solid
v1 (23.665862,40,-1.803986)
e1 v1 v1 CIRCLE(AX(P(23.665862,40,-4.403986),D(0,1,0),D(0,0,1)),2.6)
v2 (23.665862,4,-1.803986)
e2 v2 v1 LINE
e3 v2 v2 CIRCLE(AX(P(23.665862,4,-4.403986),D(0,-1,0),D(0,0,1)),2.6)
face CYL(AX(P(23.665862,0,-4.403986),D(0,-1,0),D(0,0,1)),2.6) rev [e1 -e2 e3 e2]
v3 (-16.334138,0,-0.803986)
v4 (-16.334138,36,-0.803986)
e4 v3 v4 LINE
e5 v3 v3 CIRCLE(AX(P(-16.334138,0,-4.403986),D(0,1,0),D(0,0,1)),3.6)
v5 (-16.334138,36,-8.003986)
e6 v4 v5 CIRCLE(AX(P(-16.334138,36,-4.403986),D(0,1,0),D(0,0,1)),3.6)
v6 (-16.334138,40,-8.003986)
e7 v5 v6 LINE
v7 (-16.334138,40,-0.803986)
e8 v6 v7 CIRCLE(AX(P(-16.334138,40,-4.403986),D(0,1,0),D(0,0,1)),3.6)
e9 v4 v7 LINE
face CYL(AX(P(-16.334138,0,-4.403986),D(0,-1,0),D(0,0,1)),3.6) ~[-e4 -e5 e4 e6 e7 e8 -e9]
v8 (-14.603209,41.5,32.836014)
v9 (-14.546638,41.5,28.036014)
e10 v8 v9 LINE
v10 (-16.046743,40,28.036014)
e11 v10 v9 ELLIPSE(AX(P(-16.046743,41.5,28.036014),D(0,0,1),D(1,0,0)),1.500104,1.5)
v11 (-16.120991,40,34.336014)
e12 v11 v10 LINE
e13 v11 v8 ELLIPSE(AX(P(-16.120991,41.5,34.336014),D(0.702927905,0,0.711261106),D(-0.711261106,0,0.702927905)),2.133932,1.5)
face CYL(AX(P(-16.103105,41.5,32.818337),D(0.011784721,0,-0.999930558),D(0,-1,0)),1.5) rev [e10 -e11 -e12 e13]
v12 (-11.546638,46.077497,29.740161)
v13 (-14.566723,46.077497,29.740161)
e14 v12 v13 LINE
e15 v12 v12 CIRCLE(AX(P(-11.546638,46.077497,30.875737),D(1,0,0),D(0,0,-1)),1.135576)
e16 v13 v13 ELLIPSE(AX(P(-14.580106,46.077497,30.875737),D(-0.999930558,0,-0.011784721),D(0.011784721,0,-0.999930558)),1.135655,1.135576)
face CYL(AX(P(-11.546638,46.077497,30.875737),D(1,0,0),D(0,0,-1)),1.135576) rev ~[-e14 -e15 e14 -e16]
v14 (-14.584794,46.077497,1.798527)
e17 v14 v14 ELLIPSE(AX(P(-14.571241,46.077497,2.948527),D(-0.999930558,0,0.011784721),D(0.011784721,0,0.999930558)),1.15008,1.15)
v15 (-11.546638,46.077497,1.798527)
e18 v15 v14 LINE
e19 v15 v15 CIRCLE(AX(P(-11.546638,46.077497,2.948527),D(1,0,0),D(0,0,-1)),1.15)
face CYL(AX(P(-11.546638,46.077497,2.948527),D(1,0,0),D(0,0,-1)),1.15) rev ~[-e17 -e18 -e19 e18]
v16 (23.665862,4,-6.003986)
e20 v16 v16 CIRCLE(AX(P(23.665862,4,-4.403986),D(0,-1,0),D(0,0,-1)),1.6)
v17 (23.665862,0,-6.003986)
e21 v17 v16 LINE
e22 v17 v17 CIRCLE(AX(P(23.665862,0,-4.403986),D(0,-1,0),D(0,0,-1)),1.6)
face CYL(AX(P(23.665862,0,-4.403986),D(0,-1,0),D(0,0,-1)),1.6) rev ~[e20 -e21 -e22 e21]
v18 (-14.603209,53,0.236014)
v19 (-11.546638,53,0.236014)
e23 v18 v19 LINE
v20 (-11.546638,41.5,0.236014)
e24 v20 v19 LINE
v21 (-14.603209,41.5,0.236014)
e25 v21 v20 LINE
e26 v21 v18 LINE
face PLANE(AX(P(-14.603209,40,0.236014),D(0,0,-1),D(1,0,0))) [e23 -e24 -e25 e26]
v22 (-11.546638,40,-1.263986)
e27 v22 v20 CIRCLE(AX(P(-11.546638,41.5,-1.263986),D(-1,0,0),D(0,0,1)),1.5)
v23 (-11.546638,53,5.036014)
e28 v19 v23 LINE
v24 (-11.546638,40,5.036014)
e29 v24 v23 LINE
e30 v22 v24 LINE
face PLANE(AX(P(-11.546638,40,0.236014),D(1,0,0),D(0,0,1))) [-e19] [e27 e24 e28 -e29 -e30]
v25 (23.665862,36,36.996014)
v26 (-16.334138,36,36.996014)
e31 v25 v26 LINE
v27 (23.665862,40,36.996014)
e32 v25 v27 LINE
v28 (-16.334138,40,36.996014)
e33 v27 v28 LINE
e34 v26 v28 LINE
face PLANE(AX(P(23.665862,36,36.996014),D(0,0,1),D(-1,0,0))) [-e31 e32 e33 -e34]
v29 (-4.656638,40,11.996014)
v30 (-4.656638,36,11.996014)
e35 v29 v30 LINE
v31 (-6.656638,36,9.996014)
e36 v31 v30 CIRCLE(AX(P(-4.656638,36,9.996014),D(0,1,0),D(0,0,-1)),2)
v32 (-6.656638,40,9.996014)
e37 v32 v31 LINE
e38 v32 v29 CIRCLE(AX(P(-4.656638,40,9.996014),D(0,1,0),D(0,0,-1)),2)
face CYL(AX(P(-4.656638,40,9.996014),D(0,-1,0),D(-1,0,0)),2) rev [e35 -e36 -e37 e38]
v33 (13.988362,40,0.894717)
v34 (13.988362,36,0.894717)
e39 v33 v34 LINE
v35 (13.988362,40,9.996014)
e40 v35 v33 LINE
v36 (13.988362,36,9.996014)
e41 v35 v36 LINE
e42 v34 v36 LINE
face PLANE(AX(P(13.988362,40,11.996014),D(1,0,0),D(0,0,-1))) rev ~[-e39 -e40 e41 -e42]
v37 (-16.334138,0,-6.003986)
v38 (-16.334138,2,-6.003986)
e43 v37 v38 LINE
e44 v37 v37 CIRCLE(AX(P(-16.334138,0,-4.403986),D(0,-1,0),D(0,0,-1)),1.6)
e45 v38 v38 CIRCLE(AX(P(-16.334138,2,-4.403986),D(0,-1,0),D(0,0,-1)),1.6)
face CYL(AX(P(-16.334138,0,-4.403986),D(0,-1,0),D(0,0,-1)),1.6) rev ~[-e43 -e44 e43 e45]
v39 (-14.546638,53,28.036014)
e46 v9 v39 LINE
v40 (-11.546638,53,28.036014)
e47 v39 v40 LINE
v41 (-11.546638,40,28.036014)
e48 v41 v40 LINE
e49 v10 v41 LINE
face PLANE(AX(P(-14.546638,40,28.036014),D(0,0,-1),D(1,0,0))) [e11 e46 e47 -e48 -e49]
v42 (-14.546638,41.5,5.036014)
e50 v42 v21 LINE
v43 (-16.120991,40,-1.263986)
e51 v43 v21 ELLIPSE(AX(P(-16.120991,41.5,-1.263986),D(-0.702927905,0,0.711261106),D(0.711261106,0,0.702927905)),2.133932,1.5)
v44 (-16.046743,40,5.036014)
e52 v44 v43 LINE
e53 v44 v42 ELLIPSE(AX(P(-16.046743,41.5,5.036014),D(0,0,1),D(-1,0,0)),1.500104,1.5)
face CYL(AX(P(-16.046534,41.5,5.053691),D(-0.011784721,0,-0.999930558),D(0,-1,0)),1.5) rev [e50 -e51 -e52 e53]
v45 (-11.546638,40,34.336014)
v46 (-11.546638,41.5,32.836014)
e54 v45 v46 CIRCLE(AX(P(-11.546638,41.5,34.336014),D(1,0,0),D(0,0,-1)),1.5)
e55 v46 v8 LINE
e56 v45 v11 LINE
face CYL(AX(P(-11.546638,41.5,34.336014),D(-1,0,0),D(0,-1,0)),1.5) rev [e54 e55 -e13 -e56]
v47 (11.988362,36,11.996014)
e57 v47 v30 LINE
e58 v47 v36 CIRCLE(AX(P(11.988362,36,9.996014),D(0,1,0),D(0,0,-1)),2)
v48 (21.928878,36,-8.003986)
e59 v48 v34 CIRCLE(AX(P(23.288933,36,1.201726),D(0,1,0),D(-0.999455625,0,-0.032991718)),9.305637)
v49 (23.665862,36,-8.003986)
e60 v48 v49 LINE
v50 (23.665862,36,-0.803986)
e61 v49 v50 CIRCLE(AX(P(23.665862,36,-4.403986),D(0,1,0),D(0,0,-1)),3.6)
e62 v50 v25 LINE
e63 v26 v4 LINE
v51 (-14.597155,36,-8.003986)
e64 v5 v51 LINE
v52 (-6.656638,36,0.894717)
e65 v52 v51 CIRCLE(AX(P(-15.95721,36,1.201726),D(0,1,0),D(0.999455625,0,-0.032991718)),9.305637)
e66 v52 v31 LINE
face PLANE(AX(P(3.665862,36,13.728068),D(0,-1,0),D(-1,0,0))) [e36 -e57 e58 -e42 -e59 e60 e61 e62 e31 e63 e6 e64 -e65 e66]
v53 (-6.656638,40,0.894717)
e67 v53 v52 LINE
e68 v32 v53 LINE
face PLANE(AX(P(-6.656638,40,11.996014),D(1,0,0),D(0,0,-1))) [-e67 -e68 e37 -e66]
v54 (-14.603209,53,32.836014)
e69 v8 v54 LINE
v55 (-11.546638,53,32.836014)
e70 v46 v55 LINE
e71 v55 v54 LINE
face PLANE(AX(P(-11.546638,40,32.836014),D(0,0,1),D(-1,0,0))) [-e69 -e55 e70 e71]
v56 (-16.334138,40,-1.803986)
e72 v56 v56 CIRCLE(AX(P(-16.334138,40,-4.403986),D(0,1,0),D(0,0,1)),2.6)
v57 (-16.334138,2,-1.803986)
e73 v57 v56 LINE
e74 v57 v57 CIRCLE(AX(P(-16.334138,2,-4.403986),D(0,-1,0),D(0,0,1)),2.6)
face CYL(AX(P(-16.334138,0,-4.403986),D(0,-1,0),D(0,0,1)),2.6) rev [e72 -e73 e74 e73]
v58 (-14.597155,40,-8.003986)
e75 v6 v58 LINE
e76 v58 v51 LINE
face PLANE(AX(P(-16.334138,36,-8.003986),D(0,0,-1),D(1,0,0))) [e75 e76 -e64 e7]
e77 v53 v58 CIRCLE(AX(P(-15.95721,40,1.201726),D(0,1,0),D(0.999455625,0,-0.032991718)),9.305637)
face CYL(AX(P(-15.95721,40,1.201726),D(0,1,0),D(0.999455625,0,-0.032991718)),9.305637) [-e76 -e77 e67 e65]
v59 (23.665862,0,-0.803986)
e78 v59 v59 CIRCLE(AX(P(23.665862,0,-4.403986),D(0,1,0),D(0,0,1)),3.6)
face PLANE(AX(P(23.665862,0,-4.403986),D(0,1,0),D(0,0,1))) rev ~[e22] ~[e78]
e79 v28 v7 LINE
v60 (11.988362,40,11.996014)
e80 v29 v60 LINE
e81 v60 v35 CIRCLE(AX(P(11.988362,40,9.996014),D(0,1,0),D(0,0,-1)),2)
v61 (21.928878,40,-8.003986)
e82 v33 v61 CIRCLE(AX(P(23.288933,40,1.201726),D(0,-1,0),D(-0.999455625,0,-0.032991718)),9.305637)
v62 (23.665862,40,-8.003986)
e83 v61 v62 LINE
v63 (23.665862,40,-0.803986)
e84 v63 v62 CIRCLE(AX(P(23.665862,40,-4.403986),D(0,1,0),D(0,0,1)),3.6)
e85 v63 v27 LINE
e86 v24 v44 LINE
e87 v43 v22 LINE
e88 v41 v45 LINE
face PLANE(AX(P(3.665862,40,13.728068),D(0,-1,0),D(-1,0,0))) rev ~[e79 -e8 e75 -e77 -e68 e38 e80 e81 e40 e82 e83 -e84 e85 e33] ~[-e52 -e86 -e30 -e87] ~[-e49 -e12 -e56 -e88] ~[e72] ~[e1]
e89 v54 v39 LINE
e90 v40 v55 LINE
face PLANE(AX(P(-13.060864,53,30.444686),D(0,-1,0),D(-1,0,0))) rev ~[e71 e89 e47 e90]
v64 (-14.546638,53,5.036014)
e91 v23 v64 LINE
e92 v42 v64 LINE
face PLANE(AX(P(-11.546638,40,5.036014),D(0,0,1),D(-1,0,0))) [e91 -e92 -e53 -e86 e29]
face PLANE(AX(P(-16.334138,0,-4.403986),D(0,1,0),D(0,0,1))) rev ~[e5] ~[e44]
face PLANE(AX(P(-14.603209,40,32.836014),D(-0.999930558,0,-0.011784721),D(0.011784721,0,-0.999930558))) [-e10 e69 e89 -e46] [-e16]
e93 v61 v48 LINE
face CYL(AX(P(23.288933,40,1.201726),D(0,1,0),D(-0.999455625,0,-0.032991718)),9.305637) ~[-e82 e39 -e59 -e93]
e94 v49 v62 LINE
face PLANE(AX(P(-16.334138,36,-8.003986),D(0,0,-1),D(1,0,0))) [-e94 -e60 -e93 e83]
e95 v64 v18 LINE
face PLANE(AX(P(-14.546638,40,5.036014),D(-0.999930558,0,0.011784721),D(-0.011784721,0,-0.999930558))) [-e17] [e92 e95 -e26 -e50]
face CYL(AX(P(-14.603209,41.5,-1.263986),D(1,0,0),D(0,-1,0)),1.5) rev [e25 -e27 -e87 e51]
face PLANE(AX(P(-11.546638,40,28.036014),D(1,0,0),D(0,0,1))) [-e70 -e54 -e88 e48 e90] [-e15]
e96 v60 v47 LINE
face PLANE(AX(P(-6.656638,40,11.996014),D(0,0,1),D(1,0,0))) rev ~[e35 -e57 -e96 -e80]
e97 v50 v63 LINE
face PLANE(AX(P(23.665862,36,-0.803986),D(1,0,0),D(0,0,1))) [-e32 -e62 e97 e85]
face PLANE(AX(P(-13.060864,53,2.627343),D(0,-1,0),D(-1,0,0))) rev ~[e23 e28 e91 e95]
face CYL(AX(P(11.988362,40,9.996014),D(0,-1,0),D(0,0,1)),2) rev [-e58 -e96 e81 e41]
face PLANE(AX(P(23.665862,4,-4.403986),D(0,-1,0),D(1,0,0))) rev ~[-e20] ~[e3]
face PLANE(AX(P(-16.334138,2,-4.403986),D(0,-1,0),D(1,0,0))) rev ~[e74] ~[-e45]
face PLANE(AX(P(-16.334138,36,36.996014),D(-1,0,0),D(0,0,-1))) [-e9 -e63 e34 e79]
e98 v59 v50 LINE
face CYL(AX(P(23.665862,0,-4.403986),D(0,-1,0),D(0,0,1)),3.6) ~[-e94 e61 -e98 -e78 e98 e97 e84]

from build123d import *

# Parameters (mm, degrees)
SKETCH1_R             = 3.6
SKETCH1_R_2           = 2.6
BOSS_EXTRUDE1_DEPTH   = 40
BOSS_EXTRUDE1_2_DEPTH = 40
BOSS_EXTRUDE2_START   = -4
BOSS_EXTRUDE2_DEPTH   = 4
SKETCH4_W             = 20.645
SKETCH4_H             = 20
CUT_EXTRUDE2_DEPTH    = 10
BOSS_EXTRUDE3_DEPTH   = 13
FILLET3_R             = 1.5
SKETCH6_R             = 1.135575656
SKETCH6_R_2           = 1.15
CUT_EXTRUDE3_DEPTH    = 13
FILLET4_R             = 2
SKETCH9_R             = 2.851630117
SKETCH9_R_2           = 1.6
BOSS_EXTRUDE4_DEPTH   = 2
SKETCH10_R            = 2.895791365
SKETCH10_R_2          = 1.6
BOSS_EXTRUDE5_DEPTH   = 4
CUT_EXTRUDE4_DEPTH    = 10


with BuildPart() as part:
    # Sketch1 → Boss-Extrude1 (new body)
    with BuildSketch(Plane(origin=(0, 0, 0), x_dir=(1, 0, 0), z_dir=(0, 1, 0))):
        with Locations(Location((-16.334138417, 4.403985818, 0), (0, 0, 270))):
            Circle(SKETCH1_R)
        with Locations(Location((-16.334138417, 4.403985818, 0), (0, 0, 270))):
            Circle(SKETCH1_R_2, mode=Mode.SUBTRACT)
    extrude(amount=BOSS_EXTRUDE1_DEPTH)



with BuildPart() as body_2:
    # Sketch1 → Boss-Extrude1 2 (new body)
    with BuildSketch(Plane(origin=(0, 0, 0), x_dir=(1, 0, 0), z_dir=(0, 1, 0))):
        with Locations(Location((23.665861583, 4.403985818, 0), (0, 0, 270))):
            Circle(SKETCH1_R)
        with Locations(Location((23.665861583, 4.403985818, 0), (0, 0, 270))):
            Circle(SKETCH1_R_2, mode=Mode.SUBTRACT)
    extrude(amount=BOSS_EXTRUDE1_2_DEPTH)


with BuildPart() as part_1:
    add(part.part)

    add(body_2.part)  # Boss-Extrude2 merges body 2
    # Sketch2 → Boss-Extrude2 (add)
    with BuildSketch(Plane(origin=(0, 40, 0), x_dir=(1, 0, 0), z_dir=(0, 1, 0)).offset(BOSS_EXTRUDE2_START)):
        with BuildLine():
            Line((-16.334138417, 8.003985818), (23.665861583, 8.003985818))
            ThreePointArc((23.665861583, 8.003985818), (20.065861583, 4.403985818), (23.665861583, 0.803985818))
            Line((23.665861583, 0.803985818), (23.665861583, -36.996014182))
            Line((23.665861583, -36.996014182), (-16.334138417, -36.996014182))
            Line((-16.334138417, -36.996014182), (-16.334138417, 0.803985818))
            ThreePointArc((-16.334138417, 0.803985818), (-12.734138417, 4.403985818), (-16.334138417, 8.003985818))
        make_face()
    extrude(amount=BOSS_EXTRUDE2_DEPTH)

    # Sketch4 → Cut-Extrude2 (cut)
    with BuildSketch(Plane(origin=(0, 40, 0), x_dir=(1, 0, 0), z_dir=(0, 1, 0))):
        with Locations((3.665861583, -1.996014182)):
            Rectangle(SKETCH4_W, SKETCH4_H)
    extrude(amount=-CUT_EXTRUDE2_DEPTH, mode=Mode.SUBTRACT)

    # Sketch5 → Boss-Extrude3 (add)
    with BuildSketch(Plane(origin=(0, 40, 0), x_dir=(1, 0, 0), z_dir=(0, 1, 0))):
        Polygon((-11.546638417, -5.036014182), (-14.546638417, -5.036014182), (-14.603209007, -0.236014182), (-11.546638417, -0.236014182), align=None)
        Polygon((-14.546638417, -28.036014182), (-11.546638417, -28.036014182), (-11.546638417, -32.836014182), (-14.603209007, -32.836014182), align=None)
    extrude(amount=BOSS_EXTRUDE3_DEPTH)

    # Fillet3
    fillet3_edges = [part_1.edges().sort_by_distance(p)[0] for p in [
        (-13.074923712, 40, 32.836014182),
        (-14.574923712, 40, 30.436014182),
        (-13.074923712, 40, 0.236014182),
        (-14.574923712, 40, 2.636014182),
    ]]
    fillet(fillet3_edges, radius=FILLET3_R)

    # Sketch6 → Cut-Extrude3 (cut)
    with BuildSketch(Plane(origin=(-11.546638417, 0.245033675, 0.24921506), x_dir=(0, 0, -1), z_dir=(1, 0, 0))):
        with Locations((-30.626521838, 45.832462835)):
            Circle(SKETCH6_R)
        with Locations((-2.699312308, 45.832462835)):
            Circle(SKETCH6_R_2)
    extrude(amount=-CUT_EXTRUDE3_DEPTH, mode=Mode.SUBTRACT)

    # Fillet4
    fillet4_edges = [part_1.edges().sort_by_distance(p)[0] for p in [
        (-6.656638417, 38, 11.996014182),
        (-6.656638417, 38, -8.003985818),
        (13.988361583, 38, -8.003985818),
        (13.988361583, 38, 11.996014182),
    ]]
    fillet(fillet4_edges, radius=FILLET4_R)

    # Sketch9 → Boss-Extrude4 (add)
    with BuildSketch(Plane.XZ):
        with Locations((-16.334138417, -4.403985818)):
            Circle(SKETCH9_R)
        with Locations(Location((-16.334138417, -4.403985818, 0), (0, 0, 270))):
            Circle(SKETCH9_R_2, mode=Mode.SUBTRACT)
    extrude(amount=-BOSS_EXTRUDE4_DEPTH)

    # Sketch10 → Boss-Extrude5 (add)
    with BuildSketch(Plane.XZ):
        with Locations((23.665861583, -4.403985818)):
            Circle(SKETCH10_R)
        with Locations(Location((23.665861583, -4.403985818, 0), (0, 0, 270))):
            Circle(SKETCH10_R_2, mode=Mode.SUBTRACT)
    extrude(amount=-BOSS_EXTRUDE5_DEPTH)

    # Sketch12 → Cut-Extrude4 (cut)
    with BuildSketch(Plane(origin=(0, 40, 0), x_dir=(1, 0, 0), z_dir=(0, 1, 0))):
        with BuildLine():
            Line((-14.597154628, 8.003985818), (-6.526218466, 8.003985818))
            Line((-6.526218466, 8.003985818), (-6.656638417, -0.894717181))
            ThreePointArc((-6.656638417, -0.894717181), (-9.013941955, 4.99391057), (-14.597154628, 8.003985818))
        make_face()
    cut_extrude4 = extrude(amount=-CUT_EXTRUDE4_DEPTH, mode=Mode.SUBTRACT)

    # Mirror1: Cut-Extrude4 across plane
    add(cut_extrude4.mirror(Plane.ZY.offset(-3.665861583)), mode=Mode.SUBTRACT)


solid = part_1.part
